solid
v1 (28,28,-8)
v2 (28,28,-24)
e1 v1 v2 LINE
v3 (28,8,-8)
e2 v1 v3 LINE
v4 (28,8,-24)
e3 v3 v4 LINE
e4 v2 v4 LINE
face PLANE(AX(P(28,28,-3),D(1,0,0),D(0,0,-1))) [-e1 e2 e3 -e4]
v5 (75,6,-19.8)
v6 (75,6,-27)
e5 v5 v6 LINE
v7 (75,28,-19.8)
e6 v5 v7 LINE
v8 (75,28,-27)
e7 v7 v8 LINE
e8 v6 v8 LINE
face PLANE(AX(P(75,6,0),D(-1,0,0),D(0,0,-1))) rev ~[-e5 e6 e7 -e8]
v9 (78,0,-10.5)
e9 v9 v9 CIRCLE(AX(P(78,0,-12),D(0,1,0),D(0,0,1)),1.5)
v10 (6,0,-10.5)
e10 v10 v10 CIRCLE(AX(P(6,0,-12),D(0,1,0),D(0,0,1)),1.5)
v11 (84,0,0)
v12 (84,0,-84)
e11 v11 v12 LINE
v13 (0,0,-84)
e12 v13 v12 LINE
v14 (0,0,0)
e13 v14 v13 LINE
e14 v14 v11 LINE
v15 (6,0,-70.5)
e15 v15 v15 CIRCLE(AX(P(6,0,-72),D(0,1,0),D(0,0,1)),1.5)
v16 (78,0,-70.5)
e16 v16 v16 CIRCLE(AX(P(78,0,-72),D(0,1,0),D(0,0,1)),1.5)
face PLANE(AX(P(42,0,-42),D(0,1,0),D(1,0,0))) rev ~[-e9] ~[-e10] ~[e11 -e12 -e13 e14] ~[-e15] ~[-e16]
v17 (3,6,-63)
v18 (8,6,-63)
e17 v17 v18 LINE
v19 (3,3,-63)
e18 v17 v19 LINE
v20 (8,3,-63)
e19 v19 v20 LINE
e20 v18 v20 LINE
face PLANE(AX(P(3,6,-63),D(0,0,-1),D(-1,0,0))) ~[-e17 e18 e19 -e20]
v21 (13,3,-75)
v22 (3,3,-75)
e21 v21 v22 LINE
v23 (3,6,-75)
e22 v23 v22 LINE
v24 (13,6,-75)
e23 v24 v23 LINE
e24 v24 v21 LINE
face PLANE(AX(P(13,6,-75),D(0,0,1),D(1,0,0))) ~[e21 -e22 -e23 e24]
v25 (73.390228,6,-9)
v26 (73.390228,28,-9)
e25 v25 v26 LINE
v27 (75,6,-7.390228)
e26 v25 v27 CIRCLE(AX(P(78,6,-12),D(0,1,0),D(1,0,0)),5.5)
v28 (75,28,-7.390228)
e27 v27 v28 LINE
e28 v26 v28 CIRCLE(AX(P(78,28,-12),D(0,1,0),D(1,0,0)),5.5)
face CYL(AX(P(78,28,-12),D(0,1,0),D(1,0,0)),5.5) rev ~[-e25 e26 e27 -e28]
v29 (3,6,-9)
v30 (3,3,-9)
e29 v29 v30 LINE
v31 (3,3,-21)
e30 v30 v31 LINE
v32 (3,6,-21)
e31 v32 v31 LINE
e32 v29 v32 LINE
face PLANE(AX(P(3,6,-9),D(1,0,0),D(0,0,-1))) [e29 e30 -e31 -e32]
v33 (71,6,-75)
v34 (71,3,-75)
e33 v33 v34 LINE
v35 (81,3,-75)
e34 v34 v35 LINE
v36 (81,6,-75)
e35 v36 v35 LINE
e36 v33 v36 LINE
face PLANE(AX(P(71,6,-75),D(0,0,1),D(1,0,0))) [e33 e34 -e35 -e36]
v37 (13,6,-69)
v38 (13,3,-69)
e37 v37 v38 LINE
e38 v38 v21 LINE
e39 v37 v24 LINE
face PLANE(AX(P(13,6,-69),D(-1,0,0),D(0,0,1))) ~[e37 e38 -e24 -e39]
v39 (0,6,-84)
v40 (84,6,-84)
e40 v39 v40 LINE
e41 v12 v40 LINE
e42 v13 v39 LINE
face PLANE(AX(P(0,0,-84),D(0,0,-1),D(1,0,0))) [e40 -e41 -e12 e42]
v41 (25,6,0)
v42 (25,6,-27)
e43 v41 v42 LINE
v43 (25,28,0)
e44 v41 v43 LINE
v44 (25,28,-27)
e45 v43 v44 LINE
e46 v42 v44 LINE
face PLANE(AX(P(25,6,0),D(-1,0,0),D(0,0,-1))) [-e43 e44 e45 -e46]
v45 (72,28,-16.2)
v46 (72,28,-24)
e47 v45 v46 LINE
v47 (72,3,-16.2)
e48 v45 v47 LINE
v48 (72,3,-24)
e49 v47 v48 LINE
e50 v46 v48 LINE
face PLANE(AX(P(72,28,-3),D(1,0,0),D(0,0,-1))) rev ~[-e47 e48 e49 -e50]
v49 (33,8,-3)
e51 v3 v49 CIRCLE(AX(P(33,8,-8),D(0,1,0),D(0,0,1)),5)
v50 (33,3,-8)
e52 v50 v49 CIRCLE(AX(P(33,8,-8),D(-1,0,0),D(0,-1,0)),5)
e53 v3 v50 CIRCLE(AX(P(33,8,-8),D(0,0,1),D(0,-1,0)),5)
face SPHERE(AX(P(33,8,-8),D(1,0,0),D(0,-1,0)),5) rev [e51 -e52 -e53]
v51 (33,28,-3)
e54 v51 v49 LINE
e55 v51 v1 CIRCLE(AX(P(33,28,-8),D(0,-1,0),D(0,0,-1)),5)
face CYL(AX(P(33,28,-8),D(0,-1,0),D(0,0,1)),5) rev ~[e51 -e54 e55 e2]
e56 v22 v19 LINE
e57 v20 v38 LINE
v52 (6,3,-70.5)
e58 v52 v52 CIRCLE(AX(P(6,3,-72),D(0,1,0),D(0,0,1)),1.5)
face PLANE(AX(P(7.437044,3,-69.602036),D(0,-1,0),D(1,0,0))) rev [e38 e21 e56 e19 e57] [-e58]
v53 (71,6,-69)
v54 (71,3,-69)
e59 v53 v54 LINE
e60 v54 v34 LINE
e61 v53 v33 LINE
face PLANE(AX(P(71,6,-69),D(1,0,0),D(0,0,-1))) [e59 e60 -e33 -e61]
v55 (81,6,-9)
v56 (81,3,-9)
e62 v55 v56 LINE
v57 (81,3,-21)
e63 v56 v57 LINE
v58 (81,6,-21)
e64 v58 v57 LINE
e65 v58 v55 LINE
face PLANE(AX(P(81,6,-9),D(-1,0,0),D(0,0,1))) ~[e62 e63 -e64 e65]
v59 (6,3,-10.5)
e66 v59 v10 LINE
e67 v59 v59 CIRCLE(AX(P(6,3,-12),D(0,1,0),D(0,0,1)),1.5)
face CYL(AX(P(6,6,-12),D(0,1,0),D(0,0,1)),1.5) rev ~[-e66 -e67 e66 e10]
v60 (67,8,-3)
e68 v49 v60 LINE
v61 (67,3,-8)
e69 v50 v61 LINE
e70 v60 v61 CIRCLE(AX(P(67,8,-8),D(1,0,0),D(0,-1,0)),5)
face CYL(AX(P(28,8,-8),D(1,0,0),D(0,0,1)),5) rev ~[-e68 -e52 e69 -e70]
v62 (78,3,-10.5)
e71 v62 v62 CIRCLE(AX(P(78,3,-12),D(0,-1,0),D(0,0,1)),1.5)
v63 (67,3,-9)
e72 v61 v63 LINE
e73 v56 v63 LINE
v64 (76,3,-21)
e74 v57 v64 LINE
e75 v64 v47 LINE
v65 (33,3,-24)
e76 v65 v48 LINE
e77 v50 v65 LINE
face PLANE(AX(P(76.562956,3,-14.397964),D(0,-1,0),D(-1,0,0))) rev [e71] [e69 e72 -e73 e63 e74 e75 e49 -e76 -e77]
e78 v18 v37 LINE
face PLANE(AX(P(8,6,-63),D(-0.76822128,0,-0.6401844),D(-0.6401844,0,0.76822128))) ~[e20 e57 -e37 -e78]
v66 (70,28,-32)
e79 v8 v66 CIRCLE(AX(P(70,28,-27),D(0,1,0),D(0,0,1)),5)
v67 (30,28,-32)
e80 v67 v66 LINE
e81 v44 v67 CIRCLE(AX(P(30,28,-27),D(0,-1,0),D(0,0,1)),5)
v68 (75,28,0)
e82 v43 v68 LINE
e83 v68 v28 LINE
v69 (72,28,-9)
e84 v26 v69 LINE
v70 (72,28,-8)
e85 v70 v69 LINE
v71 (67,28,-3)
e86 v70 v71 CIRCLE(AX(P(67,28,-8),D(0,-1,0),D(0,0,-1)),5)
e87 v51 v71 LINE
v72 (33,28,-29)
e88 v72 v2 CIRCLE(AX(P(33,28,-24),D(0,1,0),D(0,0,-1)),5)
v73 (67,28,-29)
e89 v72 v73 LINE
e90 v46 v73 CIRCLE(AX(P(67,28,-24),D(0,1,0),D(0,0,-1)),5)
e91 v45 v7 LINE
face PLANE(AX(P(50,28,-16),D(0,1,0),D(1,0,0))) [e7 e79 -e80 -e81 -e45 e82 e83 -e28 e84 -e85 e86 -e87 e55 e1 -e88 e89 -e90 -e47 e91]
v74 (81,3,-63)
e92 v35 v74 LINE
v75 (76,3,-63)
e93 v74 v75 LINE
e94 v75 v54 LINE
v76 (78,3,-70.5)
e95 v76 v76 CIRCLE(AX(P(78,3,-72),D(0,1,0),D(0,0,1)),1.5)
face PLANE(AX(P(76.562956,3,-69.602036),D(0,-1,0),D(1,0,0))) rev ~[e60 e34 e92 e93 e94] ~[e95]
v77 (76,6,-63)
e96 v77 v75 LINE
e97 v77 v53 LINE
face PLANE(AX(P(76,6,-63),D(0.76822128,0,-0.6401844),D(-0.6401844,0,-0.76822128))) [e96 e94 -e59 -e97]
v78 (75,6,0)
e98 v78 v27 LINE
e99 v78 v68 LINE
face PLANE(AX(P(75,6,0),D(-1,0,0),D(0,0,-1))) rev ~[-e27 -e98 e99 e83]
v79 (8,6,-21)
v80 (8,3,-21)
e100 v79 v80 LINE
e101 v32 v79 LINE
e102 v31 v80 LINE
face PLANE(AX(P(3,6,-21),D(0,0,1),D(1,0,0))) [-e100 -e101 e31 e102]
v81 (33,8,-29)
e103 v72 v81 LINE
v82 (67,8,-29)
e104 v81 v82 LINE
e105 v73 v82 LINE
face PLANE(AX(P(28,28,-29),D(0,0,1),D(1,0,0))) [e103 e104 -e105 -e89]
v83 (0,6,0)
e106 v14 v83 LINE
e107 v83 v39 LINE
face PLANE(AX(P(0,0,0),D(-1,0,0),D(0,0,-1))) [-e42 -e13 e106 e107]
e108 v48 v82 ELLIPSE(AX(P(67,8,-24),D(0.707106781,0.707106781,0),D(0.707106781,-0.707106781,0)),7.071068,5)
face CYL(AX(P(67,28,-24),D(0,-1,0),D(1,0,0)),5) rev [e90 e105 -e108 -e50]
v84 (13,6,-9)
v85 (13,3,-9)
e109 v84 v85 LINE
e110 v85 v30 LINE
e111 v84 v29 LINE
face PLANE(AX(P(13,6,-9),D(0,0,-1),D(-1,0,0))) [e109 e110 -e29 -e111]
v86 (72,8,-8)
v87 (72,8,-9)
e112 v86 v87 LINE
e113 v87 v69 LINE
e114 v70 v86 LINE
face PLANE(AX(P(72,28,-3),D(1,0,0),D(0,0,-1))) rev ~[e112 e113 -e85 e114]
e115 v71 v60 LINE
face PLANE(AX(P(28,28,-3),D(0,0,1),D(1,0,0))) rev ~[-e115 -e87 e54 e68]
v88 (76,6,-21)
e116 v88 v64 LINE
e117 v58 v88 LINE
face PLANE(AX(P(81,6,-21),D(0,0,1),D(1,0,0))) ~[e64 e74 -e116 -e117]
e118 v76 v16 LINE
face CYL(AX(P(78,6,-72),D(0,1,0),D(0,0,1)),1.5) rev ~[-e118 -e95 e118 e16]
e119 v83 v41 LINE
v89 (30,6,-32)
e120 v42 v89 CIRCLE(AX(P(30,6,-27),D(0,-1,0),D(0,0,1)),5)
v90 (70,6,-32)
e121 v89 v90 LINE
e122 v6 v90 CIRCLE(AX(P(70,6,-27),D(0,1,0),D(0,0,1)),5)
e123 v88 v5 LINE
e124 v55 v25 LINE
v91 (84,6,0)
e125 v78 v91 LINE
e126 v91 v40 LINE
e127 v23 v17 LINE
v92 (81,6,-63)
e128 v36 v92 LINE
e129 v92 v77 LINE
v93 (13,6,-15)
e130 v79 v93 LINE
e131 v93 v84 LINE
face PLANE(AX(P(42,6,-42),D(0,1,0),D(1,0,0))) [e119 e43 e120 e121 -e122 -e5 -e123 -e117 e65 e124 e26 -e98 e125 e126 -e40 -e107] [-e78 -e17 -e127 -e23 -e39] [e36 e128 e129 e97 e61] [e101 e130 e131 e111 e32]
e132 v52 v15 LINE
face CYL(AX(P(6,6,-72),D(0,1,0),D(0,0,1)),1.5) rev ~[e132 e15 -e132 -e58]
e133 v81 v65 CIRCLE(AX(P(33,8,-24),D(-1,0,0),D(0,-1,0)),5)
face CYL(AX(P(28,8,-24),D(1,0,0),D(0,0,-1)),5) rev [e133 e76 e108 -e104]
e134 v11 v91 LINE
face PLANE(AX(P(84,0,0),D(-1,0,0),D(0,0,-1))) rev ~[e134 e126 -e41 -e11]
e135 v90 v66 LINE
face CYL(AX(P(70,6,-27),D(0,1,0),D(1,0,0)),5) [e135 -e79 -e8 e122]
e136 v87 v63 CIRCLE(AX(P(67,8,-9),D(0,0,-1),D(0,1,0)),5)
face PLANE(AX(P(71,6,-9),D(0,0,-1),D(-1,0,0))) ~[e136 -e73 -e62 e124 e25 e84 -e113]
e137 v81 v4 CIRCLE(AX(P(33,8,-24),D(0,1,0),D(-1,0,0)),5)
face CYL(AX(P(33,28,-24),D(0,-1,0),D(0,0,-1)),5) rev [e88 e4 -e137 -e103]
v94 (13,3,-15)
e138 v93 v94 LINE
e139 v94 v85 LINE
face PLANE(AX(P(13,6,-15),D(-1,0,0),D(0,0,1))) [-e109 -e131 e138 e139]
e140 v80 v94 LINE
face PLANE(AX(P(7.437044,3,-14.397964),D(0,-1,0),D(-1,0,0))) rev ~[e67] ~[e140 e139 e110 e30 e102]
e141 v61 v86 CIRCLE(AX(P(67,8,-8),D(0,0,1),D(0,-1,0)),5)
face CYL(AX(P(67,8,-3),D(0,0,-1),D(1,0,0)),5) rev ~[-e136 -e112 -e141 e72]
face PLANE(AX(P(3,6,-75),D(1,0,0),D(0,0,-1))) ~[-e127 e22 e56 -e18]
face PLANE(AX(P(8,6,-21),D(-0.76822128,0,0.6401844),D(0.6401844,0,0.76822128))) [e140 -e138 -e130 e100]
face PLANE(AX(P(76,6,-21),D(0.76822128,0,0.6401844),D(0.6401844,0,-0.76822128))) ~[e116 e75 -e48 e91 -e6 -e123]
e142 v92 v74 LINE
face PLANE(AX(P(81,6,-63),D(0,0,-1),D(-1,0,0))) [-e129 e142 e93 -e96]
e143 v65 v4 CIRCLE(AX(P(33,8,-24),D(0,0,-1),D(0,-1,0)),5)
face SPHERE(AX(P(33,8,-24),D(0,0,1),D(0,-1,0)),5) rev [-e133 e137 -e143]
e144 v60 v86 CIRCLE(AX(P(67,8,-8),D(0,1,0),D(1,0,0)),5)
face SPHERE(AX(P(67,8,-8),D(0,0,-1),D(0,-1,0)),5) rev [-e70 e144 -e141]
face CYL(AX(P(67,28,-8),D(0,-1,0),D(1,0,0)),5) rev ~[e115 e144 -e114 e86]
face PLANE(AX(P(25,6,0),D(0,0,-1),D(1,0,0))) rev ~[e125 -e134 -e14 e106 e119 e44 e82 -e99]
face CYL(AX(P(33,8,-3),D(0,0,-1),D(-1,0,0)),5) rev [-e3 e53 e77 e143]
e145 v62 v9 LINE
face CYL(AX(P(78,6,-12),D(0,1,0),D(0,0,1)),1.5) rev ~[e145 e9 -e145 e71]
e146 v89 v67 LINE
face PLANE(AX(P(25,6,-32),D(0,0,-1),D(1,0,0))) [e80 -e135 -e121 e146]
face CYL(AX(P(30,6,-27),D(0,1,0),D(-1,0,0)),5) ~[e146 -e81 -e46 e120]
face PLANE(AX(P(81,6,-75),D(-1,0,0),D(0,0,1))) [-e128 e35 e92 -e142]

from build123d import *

# Parameters (mm, degrees)
SKETCH1_W               = 84
SKETCH1_H               = 84
BOSS_EXTRUDE1_DEPTH     = 6
SKETCH2_R               = 1.5
CUT_EXTRUDE1_DEPTH      = 119.94536561
SKETCH4_R               = 1.5
CUT_EXTRUDE4_DEPTH      = 3
MIRROR3_COPY_1_SKETCH_R = 1.5
MIRROR3_COPY_1_DEPTH    = 3
SKETCH5_W               = 50
SKETCH5_H               = 32
BOSS_EXTRUDE2_DEPTH     = 22
SKETCH6_W               = 44
SKETCH6_H               = 26
CUT_EXTRUDE5_DEPTH      = 25
SKETCH8_R               = 5.5
CUT_EXTRUDE14_DEPTH     = 22
CUT_EXTRUDE15_DEPTH     = 122.396046064
FILLET2_R               = 5
FILLET3_R               = 5


with BuildPart() as part:
    # Sketch1 → Boss-Extrude1 (new body)
    with BuildSketch(Plane(origin=(0, 0, 0), x_dir=(1, 0, 0), z_dir=(0, 1, 0))):
        with Locations((42, 42)):
            Rectangle(SKETCH1_W, SKETCH1_H)
    extrude(amount=BOSS_EXTRUDE1_DEPTH)

    # Sketch2 → Cut-Extrude1 (cut, through all)
    with BuildSketch(Plane(origin=(0, 6, 0), x_dir=(1, 0, 0), z_dir=(0, 1, 0))):
        with Locations(Location((6, 72, 0), (0, 0, 270))):
            Circle(SKETCH2_R)
        with Locations(Location((6, 12, 0), (0, 0, 270))):
            Circle(SKETCH2_R)
        with Locations(Location((78, 12, 0), (0, 0, 270))):
            Circle(SKETCH2_R)
        with Locations(Location((78, 72, 0), (0, 0, 270))):
            Circle(SKETCH2_R)
    extrude(amount=-CUT_EXTRUDE1_DEPTH, mode=Mode.SUBTRACT)

    # Sketch4 → Cut-Extrude4 (cut)
    with BuildSketch(Plane(origin=(0, 6, 0), x_dir=(1, 0, 0), z_dir=(0, 1, 0))):
        Polygon((13, 15), (13, 9), (3, 9), (3, 21), (8, 21), align=None)
        with Locations(Location((6, 12, 0), (0, 0, 270))):
            Circle(SKETCH4_R, mode=Mode.SUBTRACT)
    cut_extrude4 = extrude(amount=-CUT_EXTRUDE4_DEPTH, mode=Mode.SUBTRACT)

    # Mirror2: Cut-Extrude4 across plane
    add(cut_extrude4.mirror(Plane.XY.offset(-42)), mode=Mode.SUBTRACT)

    # Mirror3: Cut-Extrude4 across plane
    add(cut_extrude4.mirror(Plane.ZY.offset(-42)), mode=Mode.SUBTRACT)

    # Mirror3 copy 1 sketch → Mirror3 copy 1 (cut)
    with BuildSketch(Plane(origin=(84, 6, -84), x_dir=(-1, 0, 0), z_dir=(0, 1, 0))):
        Polygon((13, 15), (13, 9), (3, 9), (3, 21), (8, 21), align=None)
        with Locations(Location((6, 12, 0), (0, 0, 270))):
            Circle(MIRROR3_COPY_1_SKETCH_R, mode=Mode.SUBTRACT)
    extrude(amount=-MIRROR3_COPY_1_DEPTH, mode=Mode.SUBTRACT)

    # Sketch5 → Boss-Extrude2 (add)
    with BuildSketch(Plane(origin=(0, 6, 0), x_dir=(1, 0, 0), z_dir=(0, 1, 0))):
        with Locations((50, 16)):
            Rectangle(SKETCH5_W, SKETCH5_H)
    extrude(amount=BOSS_EXTRUDE2_DEPTH)

    # Sketch6 → Cut-Extrude5 (cut)
    with BuildSketch(Plane(origin=(0, 28, 0), x_dir=(1, 0, 0), z_dir=(0, 1, 0))):
        with Locations((50, 16)):
            Rectangle(SKETCH6_W, SKETCH6_H)
    extrude(amount=-CUT_EXTRUDE5_DEPTH, mode=Mode.SUBTRACT)

    # Sketch8 → Cut-Extrude14 (cut)
    with BuildSketch(Plane(origin=(0, 28, 0), x_dir=(1, 0, 0), z_dir=(0, 1, 0))):
        with Locations((78, 12)):
            Circle(SKETCH8_R)
    extrude(amount=-CUT_EXTRUDE14_DEPTH, mode=Mode.SUBTRACT)

    # Sketch13 → Cut-Extrude15 (cut, through all)
    with BuildSketch(Plane(origin=(0, 3, 0), x_dir=(1, 0, 0), z_dir=(0, 1, 0))):
        Polygon((72, 9), (81, 9), (81, 21), (76, 21), (72, 16.2), (72, 29), (28, 29), (28, 3), (72, 3), align=None)
    extrude(amount=CUT_EXTRUDE15_DEPTH, mode=Mode.SUBTRACT)

    # Fillet2
    fillet2_edges = [part.edges().sort_by_distance(p)[0] for p in [
        (75, 17, -32),
        (25, 17, -32),
    ]]
    fillet(fillet2_edges, radius=FILLET2_R)

    # Fillet3
    fillet3_edges = [part.edges().sort_by_distance(p)[0] for p in [
        (72, 15.5, -29),
        (72, 3, -6),
        (50, 3, -3),
        (72, 15.5, -3),
        (28, 3, -16),
        (28, 15.5, -3),
        (50, 3, -29),
        (28, 15.5, -29),
    ]]
    fillet(fillet3_edges, radius=FILLET3_R)


solid = part.part
